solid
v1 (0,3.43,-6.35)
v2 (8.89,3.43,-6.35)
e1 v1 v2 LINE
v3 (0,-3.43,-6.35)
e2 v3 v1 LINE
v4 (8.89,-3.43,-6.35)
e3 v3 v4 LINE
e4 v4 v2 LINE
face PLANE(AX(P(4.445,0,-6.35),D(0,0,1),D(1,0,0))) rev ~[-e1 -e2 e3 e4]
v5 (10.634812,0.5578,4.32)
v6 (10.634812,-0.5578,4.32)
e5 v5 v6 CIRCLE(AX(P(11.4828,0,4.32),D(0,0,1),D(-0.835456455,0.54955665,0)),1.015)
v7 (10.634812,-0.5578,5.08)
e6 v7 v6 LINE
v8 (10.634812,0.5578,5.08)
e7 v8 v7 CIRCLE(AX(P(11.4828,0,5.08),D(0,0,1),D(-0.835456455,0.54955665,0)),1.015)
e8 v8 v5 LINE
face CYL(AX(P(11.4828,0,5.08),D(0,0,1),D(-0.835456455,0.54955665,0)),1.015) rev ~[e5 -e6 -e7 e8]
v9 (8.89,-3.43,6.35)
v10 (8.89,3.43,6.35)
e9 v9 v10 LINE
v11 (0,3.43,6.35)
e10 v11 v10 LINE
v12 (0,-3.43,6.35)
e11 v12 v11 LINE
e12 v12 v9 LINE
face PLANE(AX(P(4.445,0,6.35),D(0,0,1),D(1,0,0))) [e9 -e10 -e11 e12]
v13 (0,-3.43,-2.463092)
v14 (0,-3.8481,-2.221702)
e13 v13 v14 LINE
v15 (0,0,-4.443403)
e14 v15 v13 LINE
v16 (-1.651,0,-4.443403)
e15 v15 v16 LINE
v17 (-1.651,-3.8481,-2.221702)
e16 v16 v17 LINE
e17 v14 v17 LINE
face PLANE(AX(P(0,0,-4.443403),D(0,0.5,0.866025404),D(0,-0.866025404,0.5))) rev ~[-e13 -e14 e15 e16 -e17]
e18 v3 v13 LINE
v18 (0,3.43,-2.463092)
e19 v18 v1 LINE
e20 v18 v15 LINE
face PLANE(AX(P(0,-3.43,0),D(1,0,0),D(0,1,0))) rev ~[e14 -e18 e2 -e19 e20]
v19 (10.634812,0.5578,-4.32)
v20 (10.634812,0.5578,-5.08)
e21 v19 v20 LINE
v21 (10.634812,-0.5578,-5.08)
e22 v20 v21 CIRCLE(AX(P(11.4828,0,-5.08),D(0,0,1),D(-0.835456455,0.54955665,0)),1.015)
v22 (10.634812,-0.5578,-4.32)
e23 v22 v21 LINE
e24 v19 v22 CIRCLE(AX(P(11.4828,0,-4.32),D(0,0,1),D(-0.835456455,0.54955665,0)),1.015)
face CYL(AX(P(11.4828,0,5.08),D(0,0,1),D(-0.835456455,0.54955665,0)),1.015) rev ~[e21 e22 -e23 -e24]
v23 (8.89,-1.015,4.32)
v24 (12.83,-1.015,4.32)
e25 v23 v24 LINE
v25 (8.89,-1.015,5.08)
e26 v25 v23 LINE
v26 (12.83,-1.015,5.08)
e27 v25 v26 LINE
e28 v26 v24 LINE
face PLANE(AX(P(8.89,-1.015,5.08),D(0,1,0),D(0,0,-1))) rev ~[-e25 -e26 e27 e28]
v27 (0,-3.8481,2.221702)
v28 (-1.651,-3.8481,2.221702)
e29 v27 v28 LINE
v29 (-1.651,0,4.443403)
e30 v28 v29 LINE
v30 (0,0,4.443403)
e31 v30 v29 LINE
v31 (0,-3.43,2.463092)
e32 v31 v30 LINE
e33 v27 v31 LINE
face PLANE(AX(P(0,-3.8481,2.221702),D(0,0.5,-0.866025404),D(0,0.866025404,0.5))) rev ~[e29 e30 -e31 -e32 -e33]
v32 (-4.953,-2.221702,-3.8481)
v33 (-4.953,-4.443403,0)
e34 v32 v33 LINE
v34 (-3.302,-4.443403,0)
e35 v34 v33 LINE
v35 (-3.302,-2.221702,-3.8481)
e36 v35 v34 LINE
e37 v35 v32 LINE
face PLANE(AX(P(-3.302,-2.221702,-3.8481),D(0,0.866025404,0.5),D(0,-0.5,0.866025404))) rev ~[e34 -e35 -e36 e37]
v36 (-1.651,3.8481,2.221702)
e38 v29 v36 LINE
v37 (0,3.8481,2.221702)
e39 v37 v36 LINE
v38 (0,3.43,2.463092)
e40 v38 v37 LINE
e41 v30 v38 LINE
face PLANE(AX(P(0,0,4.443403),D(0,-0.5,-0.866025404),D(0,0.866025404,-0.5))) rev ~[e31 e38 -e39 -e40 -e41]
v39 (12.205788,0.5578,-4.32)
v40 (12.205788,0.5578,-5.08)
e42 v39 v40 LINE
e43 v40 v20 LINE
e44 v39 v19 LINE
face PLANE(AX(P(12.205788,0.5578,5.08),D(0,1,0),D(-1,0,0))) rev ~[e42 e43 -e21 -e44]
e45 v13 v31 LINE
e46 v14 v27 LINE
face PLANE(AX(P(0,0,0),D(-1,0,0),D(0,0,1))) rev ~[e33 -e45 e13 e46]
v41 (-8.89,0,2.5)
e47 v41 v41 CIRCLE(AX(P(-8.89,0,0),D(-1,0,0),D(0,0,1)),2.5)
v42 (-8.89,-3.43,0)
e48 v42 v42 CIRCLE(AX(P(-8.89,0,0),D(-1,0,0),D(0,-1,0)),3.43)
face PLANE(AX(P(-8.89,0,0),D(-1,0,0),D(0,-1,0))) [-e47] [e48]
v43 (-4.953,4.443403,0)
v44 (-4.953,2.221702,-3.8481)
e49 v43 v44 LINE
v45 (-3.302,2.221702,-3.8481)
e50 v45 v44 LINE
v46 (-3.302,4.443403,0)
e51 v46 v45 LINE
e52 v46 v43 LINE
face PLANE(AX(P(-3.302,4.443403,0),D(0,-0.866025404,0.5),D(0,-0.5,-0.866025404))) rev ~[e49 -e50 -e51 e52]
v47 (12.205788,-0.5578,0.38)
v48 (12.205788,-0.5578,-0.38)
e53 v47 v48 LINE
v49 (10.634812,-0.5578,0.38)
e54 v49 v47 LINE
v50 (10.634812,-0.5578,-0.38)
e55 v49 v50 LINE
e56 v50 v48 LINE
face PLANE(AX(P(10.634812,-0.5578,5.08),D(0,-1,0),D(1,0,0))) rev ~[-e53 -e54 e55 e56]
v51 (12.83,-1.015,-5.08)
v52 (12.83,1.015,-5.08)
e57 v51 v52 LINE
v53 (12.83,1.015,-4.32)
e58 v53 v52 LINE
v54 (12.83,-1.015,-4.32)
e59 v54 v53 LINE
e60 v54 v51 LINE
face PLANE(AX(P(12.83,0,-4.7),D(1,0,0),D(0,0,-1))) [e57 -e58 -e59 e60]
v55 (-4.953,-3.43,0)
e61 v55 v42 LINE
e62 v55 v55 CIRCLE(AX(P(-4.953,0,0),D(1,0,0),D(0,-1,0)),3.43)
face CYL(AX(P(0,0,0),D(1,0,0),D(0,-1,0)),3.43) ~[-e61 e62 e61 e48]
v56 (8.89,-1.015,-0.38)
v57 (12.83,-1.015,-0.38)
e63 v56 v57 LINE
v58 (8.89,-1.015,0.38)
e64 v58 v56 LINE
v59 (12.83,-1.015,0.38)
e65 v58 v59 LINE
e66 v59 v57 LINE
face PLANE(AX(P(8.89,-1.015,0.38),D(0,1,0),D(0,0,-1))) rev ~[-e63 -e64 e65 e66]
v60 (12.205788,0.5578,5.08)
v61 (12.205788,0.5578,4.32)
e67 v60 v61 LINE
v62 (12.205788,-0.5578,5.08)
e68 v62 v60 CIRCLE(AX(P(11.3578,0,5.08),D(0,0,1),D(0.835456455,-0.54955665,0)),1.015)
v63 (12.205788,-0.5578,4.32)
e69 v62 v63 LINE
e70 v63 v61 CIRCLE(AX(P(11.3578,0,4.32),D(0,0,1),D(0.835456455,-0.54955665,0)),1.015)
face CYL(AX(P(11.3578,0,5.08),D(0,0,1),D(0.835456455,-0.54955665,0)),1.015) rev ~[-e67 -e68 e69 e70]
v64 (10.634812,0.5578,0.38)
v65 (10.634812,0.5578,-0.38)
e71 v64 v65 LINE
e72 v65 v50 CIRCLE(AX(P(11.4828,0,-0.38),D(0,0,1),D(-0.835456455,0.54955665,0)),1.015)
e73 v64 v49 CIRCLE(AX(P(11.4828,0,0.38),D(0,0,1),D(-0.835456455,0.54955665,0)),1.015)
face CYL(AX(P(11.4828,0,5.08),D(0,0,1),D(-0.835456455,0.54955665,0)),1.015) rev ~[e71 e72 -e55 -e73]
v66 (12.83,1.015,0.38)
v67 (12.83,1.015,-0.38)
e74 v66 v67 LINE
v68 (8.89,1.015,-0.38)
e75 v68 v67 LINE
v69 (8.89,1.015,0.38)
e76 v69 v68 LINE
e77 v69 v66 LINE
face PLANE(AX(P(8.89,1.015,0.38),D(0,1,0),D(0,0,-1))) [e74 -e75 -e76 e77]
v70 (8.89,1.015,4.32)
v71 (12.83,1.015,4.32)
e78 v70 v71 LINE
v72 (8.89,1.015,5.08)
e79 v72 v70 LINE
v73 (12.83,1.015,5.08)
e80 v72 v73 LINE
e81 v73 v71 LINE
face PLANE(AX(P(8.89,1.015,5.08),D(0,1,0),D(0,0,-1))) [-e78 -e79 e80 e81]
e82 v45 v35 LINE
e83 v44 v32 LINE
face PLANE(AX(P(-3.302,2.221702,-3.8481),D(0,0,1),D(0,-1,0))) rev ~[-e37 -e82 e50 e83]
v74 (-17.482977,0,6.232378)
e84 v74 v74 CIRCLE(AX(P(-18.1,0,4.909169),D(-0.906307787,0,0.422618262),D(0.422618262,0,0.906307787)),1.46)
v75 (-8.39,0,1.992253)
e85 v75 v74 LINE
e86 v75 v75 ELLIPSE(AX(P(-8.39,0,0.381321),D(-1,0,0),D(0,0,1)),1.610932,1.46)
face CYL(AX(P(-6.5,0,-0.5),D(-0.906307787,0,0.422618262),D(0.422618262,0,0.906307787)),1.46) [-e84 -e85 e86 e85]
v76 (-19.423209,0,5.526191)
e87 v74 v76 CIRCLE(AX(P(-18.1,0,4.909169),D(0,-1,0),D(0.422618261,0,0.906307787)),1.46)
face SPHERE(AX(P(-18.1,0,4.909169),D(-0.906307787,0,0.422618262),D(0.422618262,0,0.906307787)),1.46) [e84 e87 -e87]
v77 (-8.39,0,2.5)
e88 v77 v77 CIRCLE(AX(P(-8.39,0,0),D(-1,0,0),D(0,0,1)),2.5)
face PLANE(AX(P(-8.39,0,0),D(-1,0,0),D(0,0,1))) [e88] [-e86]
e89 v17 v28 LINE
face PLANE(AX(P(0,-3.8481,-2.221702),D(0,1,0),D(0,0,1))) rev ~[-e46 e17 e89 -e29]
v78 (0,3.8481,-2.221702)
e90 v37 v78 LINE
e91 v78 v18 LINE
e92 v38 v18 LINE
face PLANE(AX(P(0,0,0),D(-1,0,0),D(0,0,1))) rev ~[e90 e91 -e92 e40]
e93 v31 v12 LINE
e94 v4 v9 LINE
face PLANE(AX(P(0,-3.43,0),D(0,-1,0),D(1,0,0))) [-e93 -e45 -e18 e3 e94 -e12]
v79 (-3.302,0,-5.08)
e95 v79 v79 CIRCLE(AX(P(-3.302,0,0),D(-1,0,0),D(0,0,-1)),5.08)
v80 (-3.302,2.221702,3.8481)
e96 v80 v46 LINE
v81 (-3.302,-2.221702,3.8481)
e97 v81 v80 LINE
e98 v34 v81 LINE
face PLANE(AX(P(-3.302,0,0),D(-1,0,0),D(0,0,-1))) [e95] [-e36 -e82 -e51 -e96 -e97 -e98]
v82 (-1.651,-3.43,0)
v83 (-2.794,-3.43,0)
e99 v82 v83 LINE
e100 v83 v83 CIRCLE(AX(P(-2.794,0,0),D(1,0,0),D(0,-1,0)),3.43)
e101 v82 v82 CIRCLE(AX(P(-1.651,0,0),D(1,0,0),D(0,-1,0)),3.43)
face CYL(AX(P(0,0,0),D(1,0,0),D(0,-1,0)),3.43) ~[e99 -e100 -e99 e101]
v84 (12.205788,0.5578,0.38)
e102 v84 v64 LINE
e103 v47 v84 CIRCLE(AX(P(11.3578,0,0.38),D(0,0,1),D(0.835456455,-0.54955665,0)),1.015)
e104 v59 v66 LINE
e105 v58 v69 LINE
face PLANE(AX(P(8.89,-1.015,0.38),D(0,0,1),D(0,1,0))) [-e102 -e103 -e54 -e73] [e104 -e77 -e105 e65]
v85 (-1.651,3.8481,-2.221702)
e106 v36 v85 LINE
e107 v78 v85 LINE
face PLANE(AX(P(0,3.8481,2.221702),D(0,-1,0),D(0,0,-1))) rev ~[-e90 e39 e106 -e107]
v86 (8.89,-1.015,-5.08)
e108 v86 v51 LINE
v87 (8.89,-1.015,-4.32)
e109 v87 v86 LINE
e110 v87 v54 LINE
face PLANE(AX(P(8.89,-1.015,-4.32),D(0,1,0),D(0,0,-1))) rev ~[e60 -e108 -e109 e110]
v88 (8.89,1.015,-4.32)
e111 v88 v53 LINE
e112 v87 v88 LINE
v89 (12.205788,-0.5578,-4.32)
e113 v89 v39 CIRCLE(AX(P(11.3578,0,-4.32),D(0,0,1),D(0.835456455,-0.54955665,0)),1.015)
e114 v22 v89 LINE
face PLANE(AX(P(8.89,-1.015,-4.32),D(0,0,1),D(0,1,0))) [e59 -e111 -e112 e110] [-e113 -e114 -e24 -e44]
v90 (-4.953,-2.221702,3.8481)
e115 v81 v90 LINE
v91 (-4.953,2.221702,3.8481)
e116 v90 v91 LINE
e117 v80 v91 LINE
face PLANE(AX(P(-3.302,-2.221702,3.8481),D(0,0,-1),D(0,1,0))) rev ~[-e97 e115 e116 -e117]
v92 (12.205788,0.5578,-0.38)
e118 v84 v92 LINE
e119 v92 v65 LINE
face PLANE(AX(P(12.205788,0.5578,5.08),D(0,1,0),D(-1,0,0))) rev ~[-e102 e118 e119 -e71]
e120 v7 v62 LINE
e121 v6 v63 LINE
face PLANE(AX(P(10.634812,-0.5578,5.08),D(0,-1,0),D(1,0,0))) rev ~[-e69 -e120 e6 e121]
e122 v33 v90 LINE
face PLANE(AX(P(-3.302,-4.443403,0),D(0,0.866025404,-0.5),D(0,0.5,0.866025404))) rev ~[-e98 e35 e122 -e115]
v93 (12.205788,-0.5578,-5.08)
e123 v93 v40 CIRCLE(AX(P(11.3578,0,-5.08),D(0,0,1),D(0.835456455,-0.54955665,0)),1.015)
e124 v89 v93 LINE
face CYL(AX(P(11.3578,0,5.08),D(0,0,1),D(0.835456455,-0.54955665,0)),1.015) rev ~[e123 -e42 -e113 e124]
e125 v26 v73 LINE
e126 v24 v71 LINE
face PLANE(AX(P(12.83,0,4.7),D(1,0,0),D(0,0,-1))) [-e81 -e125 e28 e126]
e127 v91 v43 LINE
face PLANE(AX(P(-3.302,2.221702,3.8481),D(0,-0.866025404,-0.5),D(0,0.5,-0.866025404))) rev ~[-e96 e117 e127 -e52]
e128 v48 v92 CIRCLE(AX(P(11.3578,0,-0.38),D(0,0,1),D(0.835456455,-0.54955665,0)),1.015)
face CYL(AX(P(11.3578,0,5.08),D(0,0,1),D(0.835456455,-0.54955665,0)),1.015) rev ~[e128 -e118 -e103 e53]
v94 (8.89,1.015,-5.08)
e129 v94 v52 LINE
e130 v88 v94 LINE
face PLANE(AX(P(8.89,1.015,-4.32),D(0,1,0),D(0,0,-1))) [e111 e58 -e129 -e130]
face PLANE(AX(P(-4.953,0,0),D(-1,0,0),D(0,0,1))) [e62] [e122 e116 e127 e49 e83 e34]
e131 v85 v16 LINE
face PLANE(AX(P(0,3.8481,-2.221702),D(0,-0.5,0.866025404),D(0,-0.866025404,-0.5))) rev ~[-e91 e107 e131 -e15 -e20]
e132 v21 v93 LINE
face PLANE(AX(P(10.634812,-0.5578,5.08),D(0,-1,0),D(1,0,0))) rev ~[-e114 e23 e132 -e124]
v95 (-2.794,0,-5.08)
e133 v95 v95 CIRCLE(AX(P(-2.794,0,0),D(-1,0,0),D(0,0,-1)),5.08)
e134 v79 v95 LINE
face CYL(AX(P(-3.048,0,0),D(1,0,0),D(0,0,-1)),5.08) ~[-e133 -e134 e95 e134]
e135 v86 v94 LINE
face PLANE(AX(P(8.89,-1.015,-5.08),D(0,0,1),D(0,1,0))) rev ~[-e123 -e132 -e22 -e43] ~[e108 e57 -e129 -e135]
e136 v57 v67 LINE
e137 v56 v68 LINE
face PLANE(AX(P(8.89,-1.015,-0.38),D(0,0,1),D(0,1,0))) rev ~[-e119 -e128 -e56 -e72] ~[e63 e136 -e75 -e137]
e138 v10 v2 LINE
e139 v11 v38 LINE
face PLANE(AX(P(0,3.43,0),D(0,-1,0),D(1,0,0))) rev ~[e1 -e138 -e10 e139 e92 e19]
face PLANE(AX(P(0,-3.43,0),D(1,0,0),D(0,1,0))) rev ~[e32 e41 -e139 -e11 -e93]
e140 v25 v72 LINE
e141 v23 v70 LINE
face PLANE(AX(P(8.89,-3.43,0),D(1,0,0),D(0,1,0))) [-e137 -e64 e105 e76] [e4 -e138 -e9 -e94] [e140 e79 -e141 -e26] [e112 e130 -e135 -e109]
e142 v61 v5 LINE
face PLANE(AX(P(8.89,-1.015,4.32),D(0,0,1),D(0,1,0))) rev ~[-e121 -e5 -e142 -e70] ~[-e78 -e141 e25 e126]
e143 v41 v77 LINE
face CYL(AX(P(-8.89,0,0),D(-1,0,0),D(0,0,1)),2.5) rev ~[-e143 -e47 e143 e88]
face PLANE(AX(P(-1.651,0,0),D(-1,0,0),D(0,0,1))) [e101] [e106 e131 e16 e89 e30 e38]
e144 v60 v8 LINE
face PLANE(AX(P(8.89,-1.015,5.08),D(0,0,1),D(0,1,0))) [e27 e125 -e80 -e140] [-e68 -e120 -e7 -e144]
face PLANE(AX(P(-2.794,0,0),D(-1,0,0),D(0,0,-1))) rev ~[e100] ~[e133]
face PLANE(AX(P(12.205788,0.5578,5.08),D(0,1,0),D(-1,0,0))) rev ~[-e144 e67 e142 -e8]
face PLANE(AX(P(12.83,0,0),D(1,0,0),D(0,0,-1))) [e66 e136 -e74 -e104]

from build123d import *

# Parameters (mm, degrees)
SKETCH1_W           = 8.89
SKETCH1_H           = 6.86
EXTRUDE1_DEPTH      = 6.35
SKETCH2_R           = 3.43
EXTRUDE2_DEPTH      = 8.89
SKETCH4_R           = 2.5
EXTRUDE3_DEPTH      = 0.5
SKETCH5_W           = 0.76
SKETCH5_H           = 2.03
EXTRUDE4_DEPTH      = 3.94
LPATTERN1_COUNT     = 3
LPATTERN1_PITCH     = 4.7
CUT_EXTRUDE1_DEPTH  = 23.912952669
BOSS_EXTRUDE1_DEPTH = 1.651
SKETCH8_W           = 0.508
SKETCH8_H           = 5.08
BOSS_EXTRUDE2_DEPTH = 1.651


with BuildPart() as part:
    # Sketch1 → Extrude1 (new, symmetric)
    with BuildSketch(Plane.XY):
        with Locations((4.445, 0)):
            Rectangle(SKETCH1_W, SKETCH1_H)
    extrude(amount=EXTRUDE1_DEPTH, both=True)

    # Sketch2 → Extrude2 (add)
    with BuildSketch(Plane.ZY):
        with Locations(Location((0, 0, 0), (0, 0, 270))):
            Circle(SKETCH2_R)
    extrude(amount=EXTRUDE2_DEPTH)

    # Sketch4 → Extrude3 (cut)
    with BuildSketch(Plane.ZY.offset(8.89)):
        Circle(SKETCH4_R)
    extrude(amount=-EXTRUDE3_DEPTH, mode=Mode.SUBTRACT)

    # Sketch3 → Revolve3 (revolve)
    with BuildSketch(Plane(origin=(0, 0, 0), x_dir=(1, 0, 0), z_dir=(0, 1, 0))):
        with BuildLine():
            Line((-6.5, 0.5), (-5.882977338, -0.823209369))
            Line((-5.882977338, -0.823209369), (-17.482977338, -6.232378204))
            ThreePointArc((-17.482977338, -6.232378204), (-18.599349409, -6.281120061), (-19.423209369, -5.526191497))
            Line((-19.423209369, -5.526191497), (-6.5, 0.5))
        make_face()
    revolve(axis=Axis((-8.89, 0, 0.614475303), (-0.9063077870366493, 0, 0.4226182617407009)))

    # Sketch5 → Extrude4 (add)
    with BuildSketch(Plane(origin=(8.89, 0, 0), x_dir=(0, 0, -1), z_dir=(1, 0, 0))):
        with Locations((-4.7, 0)):
            Rectangle(SKETCH5_W, SKETCH5_H)
    extrude4 = extrude(amount=EXTRUDE4_DEPTH)

    # LPattern1: Extrude4 ×3
    with Locations(*[(0, 0, -i * LPATTERN1_PITCH) for i in range(1, LPATTERN1_COUNT)]):
        add(extrude4)

    # Sketch6 → Cut-Extrude1 (cut, through all)
    with BuildSketch(Plane.XY.offset(5.08)):
        with BuildLine():
            Line((12.205788302, 0.5578), (10.634811698, 0.5578))
            ThreePointArc((10.634811698, 0.5578), (10.4678, 0), (10.634811698, -0.5578))
            Line((10.634811698, -0.5578), (12.205788302, -0.5578))
            ThreePointArc((12.205788302, -0.5578), (12.3728, 0), (12.205788302, 0.5578))
        make_face()
    extrude(amount=-CUT_EXTRUDE1_DEPTH, mode=Mode.SUBTRACT)

    # Sketch7 → Boss-Extrude1 (add)
    with BuildSketch(Plane.ZY):
        Polygon((-4.443403142, 0), (-2.221701571, -3.8481), (2.221701571, -3.8481), (4.443403142, 0), (2.221701571, 3.8481), (-2.221701571, 3.8481), align=None)
    extrude(amount=BOSS_EXTRUDE1_DEPTH)

    # Sketch8 → Revolve4 (revolve)
    with BuildSketch(Plane(origin=(0, 0, 0), x_dir=(1, 0, 0), z_dir=(0, 1, 0)), mode=Mode.PRIVATE) as revolve4_sk:
        with Locations((-3.048, -2.54)):
            Rectangle(SKETCH8_W, SKETCH8_H)
    revolve(revolve4_sk.sketch.rotate(Axis((-2.794, 0, 0), (-1, 0, 0)), 180), axis=Axis((-2.794, 0, 0), (-1, 0, 0)))

    # Sketch9 → Boss-Extrude2 (add)
    with BuildSketch(Plane.ZY.offset(3.302)):
        Polygon((0, 4.443403142), (-3.8481, 2.221701571), (-3.8481, -2.221701571), (0, -4.443403142), (3.8481, -2.221701571), (3.8481, 2.221701571), align=None)
    extrude(amount=BOSS_EXTRUDE2_DEPTH)


solid = part.part
